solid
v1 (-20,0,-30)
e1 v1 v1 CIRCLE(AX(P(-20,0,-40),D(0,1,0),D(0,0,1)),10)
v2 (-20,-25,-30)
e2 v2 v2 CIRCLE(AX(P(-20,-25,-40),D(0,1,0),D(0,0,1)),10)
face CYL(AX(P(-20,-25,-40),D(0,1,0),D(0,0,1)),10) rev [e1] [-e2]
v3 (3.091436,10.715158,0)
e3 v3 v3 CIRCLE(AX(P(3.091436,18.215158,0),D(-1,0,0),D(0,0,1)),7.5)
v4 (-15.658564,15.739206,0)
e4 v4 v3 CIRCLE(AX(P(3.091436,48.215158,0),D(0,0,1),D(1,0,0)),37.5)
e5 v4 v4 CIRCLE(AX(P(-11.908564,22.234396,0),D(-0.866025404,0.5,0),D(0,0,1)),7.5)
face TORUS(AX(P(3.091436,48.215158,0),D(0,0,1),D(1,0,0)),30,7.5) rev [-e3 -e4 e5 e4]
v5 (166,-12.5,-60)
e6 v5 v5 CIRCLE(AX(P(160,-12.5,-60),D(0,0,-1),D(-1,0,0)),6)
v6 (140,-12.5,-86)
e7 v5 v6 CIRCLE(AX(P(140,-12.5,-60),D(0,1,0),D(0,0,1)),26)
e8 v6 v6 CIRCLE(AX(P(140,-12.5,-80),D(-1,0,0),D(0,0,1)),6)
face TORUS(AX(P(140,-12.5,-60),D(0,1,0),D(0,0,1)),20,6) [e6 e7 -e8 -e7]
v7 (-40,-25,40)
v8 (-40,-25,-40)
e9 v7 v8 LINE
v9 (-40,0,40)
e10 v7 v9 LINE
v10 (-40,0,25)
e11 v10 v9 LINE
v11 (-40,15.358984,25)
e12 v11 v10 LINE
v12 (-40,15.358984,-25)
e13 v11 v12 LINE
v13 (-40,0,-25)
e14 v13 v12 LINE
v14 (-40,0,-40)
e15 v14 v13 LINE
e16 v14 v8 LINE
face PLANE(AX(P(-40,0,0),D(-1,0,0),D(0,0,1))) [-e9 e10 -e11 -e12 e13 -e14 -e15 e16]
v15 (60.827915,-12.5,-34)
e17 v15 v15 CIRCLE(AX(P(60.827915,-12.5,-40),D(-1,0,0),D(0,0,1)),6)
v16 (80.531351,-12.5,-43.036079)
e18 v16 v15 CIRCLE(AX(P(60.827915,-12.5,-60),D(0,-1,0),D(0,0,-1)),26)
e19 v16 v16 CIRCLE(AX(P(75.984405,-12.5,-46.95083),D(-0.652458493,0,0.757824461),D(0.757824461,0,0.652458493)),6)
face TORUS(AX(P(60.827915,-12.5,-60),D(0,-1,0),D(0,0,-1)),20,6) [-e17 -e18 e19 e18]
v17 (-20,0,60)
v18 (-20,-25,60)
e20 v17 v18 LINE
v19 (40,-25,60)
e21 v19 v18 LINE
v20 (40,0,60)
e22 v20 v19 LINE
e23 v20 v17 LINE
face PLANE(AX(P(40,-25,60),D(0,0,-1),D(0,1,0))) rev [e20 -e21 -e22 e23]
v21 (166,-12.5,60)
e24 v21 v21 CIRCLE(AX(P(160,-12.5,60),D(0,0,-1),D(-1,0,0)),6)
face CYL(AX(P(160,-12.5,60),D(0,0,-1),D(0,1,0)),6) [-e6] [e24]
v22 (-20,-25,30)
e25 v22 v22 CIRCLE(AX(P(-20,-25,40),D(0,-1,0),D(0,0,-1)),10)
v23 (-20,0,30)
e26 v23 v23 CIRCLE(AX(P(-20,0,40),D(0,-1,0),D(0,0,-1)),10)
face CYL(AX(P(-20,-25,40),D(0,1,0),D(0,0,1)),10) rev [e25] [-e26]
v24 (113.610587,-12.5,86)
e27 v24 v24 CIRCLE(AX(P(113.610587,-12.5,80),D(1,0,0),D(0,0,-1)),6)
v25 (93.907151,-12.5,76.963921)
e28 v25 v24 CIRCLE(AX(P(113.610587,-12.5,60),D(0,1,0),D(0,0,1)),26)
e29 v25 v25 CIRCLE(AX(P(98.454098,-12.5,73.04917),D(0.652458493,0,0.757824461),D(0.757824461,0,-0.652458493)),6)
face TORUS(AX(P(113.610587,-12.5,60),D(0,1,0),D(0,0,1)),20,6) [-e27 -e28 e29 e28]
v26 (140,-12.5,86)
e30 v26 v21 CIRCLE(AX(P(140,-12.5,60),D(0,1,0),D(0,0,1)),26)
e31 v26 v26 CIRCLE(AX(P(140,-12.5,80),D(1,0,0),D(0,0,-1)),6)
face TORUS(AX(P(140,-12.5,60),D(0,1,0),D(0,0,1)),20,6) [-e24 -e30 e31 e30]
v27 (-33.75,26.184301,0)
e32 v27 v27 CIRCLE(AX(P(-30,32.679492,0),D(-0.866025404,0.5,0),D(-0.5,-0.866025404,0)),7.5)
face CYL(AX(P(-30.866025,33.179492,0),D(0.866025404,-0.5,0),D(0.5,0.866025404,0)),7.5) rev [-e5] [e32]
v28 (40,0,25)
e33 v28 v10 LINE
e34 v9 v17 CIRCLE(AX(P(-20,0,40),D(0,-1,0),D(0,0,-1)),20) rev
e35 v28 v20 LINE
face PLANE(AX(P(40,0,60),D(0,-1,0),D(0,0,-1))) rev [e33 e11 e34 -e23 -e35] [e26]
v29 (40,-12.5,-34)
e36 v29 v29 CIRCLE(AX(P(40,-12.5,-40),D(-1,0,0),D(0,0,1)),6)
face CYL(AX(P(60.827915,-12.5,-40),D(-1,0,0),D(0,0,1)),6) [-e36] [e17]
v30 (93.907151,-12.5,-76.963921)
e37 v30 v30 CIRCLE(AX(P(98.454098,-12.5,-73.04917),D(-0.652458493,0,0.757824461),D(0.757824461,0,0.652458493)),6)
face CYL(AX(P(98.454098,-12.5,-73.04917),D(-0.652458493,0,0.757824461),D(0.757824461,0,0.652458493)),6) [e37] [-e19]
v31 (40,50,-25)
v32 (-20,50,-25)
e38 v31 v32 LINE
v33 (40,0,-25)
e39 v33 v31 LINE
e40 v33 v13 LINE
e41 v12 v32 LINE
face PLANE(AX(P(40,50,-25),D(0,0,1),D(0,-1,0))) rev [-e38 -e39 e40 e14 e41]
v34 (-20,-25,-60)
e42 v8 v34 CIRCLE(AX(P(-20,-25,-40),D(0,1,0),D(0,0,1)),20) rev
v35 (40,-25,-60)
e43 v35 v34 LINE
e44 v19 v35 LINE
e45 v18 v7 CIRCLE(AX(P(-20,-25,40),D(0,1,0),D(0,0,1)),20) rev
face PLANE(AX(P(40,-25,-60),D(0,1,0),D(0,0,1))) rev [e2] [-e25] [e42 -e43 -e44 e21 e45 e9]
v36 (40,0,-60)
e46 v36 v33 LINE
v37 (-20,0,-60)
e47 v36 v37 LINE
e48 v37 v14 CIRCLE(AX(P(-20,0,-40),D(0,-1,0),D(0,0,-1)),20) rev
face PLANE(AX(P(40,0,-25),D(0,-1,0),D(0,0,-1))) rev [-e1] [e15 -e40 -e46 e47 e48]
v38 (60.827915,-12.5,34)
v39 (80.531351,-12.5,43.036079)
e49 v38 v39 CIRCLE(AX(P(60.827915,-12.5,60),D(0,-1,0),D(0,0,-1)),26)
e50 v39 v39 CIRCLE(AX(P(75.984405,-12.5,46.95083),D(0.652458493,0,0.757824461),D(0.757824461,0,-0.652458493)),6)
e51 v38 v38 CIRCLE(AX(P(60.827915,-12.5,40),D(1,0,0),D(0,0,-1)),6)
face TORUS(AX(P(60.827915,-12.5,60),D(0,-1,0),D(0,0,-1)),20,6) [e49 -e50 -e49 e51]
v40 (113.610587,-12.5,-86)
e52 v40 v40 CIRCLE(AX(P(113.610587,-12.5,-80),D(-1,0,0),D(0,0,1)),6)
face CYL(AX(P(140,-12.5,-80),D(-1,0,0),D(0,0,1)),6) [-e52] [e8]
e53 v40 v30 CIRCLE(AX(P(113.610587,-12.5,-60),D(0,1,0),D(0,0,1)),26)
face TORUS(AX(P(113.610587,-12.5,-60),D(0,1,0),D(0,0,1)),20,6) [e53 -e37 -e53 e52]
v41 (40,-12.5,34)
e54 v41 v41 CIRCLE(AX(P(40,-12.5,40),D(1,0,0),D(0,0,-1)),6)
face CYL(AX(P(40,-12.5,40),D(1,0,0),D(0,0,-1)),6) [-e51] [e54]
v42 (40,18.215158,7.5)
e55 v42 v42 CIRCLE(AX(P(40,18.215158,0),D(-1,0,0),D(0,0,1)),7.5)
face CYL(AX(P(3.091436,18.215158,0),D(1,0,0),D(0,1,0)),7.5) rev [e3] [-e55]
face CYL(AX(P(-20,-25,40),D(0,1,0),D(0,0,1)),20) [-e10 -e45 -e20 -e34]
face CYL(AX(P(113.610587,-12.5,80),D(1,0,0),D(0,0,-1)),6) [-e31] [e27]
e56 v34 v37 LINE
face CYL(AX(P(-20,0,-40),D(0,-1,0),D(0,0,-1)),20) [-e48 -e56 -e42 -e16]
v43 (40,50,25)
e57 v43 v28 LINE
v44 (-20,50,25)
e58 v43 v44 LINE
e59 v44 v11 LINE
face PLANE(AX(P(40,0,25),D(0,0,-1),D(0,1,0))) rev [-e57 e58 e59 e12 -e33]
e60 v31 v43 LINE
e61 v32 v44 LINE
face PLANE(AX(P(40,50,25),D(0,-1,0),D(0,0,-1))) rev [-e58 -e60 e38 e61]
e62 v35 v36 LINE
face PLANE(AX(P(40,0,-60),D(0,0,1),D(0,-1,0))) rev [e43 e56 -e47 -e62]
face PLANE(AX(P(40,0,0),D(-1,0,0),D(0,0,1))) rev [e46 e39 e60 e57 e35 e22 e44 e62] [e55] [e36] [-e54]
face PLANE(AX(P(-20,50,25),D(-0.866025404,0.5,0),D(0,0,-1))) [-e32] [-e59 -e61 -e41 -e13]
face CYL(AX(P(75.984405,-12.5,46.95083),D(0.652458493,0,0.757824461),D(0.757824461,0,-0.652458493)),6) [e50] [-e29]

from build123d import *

# Parameters (mm, degrees)
EXTRUDE_3_DEPTH     = 40
FILLET_1_R          = 20
SKETCH_17_R         = 10
CUT_EXTRUDE_2_DEPTH = 88.749643874
CHAMFER_1_SIZE      = 20
CHAMFER_1_SIZE2     = 34.641016151
SWEEP_2_PROFILE_R   = 7.5
SWEEP_2_2_PROFILE_R = 6


with BuildPart() as part:
    # 草图15 → 凸台-拉伸3 (new, symmetric)
    with BuildSketch(Plane(origin=(0, 0, 0), x_dir=(0, 0, -1), z_dir=(1, 0, 0))):
        Polygon((-60, 0), (-25, 0), (-25, 50), (25, 50), (25, 0), (60, 0), (60, -25), (-60, -25), align=None)
    extrude(amount=EXTRUDE_3_DEPTH, both=True)

    # 圆角1
    fillet_1_edges = [part.edges().sort_by_distance(p)[0] for p in [
        (-40, -12.5, -60),
        (-40, -12.5, 60),
    ]]
    fillet(fillet_1_edges, radius=FILLET_1_R)

    # 草图17 → 切除-拉伸2 (cut, through all)
    with BuildSketch(Plane(origin=(0, 0, 0), x_dir=(1, 0, 0), z_dir=(0, 1, 0))):
        with Locations(Location((-20, 40, 0), (0, 0, 270))):
            Circle(SKETCH_17_R)
    cut_extrude_2 = extrude(amount=-CUT_EXTRUDE_2_DEPTH, mode=Mode.SUBTRACT)

    # 镜向1: 切除-拉伸2 across plane
    add(cut_extrude_2.mirror(Plane.XY), mode=Mode.SUBTRACT)

    # 倒角1
    chamfer_1_edges = [part.edges().sort_by_distance(p)[0] for p in [
        (-40, 50, 0),
    ]]
    chamfer_1_side = [part.faces().sort_by_distance(p)[0] for p in [
        (0, 50, 0),
    ]]
    chamfer(chamfer_1_edges, length=CHAMFER_1_SIZE, length2=CHAMFER_1_SIZE2, reference=chamfer_1_side[0])

    # Sweep 2: sweep along a path in 草图19
    with BuildLine(Plane.XY) as sweep_2_path:
        Line((-30, 32.679491924), (-11.908563538, 22.234396213))
        ThreePointArc((-11.908563538, 22.234396213), (-4.673134891, 19.237383538), (3.091436462, 18.215158327))
        Line((3.091436462, 18.215158327), (40, 18.215158327))
    # Sweep 2 profile (on start of the path) → Sweep 2 (sweep, cut)
    with BuildSketch(Plane(origin=(-30, 32.679491924, 0), x_dir=(0.500000000000001, 0.866025403784438, 0), z_dir=(0.866025403784438, -0.500000000000001, 0))):
        Circle(SWEEP_2_PROFILE_R)
    sweep(path=sweep_2_path.line, mode=Mode.SUBTRACT)

    # Sweep 2 2: sweep along a path in 草图26
    with BuildLine(Plane(origin=(0, -12.5, 0), x_dir=(1, 0, 0), z_dir=(0, 1, 0))) as sweep_2_2_path:
        Line((40, 40), (60.827915323, 40))
        ThreePointArc((60.827915323, 40), (69.165079187, 41.820569352), (75.984404551, 46.95083013))
        Line((75.984404551, 46.95083013), (98.454098123, 73.04916987))
        ThreePointArc((98.454098123, 73.04916987), (105.273423486, 78.179430648), (113.610587351, 80))
        Line((113.610587351, 80), (140, 80))
        ThreePointArc((140, 80), (154.142135624, 74.142135624), (160, 60))
        Line((160, 60), (160, -60))
        ThreePointArc((160, -60), (154.142135624, -74.142135624), (140, -80))
        Line((140, -80), (113.610587351, -80))
        ThreePointArc((113.610587351, -80), (105.273423486, -78.179430648), (98.454098123, -73.04916987))
        Line((98.454098123, -73.04916987), (75.984404551, -46.95083013))
        ThreePointArc((75.984404551, -46.95083013), (69.165079187, -41.820569352), (60.827915323, -40))
        Line((60.827915323, -40), (40, -40))
    # Sweep 2 2 profile (on start of the path) → Sweep 2 2 (sweep)
    with BuildSketch(Plane(origin=(40, -12.5, -40), x_dir=(0, 0, 1), z_dir=(1, 0, 0))):
        Circle(SWEEP_2_2_PROFILE_R)
    sweep(path=sweep_2_2_path.line)


solid = part.part
